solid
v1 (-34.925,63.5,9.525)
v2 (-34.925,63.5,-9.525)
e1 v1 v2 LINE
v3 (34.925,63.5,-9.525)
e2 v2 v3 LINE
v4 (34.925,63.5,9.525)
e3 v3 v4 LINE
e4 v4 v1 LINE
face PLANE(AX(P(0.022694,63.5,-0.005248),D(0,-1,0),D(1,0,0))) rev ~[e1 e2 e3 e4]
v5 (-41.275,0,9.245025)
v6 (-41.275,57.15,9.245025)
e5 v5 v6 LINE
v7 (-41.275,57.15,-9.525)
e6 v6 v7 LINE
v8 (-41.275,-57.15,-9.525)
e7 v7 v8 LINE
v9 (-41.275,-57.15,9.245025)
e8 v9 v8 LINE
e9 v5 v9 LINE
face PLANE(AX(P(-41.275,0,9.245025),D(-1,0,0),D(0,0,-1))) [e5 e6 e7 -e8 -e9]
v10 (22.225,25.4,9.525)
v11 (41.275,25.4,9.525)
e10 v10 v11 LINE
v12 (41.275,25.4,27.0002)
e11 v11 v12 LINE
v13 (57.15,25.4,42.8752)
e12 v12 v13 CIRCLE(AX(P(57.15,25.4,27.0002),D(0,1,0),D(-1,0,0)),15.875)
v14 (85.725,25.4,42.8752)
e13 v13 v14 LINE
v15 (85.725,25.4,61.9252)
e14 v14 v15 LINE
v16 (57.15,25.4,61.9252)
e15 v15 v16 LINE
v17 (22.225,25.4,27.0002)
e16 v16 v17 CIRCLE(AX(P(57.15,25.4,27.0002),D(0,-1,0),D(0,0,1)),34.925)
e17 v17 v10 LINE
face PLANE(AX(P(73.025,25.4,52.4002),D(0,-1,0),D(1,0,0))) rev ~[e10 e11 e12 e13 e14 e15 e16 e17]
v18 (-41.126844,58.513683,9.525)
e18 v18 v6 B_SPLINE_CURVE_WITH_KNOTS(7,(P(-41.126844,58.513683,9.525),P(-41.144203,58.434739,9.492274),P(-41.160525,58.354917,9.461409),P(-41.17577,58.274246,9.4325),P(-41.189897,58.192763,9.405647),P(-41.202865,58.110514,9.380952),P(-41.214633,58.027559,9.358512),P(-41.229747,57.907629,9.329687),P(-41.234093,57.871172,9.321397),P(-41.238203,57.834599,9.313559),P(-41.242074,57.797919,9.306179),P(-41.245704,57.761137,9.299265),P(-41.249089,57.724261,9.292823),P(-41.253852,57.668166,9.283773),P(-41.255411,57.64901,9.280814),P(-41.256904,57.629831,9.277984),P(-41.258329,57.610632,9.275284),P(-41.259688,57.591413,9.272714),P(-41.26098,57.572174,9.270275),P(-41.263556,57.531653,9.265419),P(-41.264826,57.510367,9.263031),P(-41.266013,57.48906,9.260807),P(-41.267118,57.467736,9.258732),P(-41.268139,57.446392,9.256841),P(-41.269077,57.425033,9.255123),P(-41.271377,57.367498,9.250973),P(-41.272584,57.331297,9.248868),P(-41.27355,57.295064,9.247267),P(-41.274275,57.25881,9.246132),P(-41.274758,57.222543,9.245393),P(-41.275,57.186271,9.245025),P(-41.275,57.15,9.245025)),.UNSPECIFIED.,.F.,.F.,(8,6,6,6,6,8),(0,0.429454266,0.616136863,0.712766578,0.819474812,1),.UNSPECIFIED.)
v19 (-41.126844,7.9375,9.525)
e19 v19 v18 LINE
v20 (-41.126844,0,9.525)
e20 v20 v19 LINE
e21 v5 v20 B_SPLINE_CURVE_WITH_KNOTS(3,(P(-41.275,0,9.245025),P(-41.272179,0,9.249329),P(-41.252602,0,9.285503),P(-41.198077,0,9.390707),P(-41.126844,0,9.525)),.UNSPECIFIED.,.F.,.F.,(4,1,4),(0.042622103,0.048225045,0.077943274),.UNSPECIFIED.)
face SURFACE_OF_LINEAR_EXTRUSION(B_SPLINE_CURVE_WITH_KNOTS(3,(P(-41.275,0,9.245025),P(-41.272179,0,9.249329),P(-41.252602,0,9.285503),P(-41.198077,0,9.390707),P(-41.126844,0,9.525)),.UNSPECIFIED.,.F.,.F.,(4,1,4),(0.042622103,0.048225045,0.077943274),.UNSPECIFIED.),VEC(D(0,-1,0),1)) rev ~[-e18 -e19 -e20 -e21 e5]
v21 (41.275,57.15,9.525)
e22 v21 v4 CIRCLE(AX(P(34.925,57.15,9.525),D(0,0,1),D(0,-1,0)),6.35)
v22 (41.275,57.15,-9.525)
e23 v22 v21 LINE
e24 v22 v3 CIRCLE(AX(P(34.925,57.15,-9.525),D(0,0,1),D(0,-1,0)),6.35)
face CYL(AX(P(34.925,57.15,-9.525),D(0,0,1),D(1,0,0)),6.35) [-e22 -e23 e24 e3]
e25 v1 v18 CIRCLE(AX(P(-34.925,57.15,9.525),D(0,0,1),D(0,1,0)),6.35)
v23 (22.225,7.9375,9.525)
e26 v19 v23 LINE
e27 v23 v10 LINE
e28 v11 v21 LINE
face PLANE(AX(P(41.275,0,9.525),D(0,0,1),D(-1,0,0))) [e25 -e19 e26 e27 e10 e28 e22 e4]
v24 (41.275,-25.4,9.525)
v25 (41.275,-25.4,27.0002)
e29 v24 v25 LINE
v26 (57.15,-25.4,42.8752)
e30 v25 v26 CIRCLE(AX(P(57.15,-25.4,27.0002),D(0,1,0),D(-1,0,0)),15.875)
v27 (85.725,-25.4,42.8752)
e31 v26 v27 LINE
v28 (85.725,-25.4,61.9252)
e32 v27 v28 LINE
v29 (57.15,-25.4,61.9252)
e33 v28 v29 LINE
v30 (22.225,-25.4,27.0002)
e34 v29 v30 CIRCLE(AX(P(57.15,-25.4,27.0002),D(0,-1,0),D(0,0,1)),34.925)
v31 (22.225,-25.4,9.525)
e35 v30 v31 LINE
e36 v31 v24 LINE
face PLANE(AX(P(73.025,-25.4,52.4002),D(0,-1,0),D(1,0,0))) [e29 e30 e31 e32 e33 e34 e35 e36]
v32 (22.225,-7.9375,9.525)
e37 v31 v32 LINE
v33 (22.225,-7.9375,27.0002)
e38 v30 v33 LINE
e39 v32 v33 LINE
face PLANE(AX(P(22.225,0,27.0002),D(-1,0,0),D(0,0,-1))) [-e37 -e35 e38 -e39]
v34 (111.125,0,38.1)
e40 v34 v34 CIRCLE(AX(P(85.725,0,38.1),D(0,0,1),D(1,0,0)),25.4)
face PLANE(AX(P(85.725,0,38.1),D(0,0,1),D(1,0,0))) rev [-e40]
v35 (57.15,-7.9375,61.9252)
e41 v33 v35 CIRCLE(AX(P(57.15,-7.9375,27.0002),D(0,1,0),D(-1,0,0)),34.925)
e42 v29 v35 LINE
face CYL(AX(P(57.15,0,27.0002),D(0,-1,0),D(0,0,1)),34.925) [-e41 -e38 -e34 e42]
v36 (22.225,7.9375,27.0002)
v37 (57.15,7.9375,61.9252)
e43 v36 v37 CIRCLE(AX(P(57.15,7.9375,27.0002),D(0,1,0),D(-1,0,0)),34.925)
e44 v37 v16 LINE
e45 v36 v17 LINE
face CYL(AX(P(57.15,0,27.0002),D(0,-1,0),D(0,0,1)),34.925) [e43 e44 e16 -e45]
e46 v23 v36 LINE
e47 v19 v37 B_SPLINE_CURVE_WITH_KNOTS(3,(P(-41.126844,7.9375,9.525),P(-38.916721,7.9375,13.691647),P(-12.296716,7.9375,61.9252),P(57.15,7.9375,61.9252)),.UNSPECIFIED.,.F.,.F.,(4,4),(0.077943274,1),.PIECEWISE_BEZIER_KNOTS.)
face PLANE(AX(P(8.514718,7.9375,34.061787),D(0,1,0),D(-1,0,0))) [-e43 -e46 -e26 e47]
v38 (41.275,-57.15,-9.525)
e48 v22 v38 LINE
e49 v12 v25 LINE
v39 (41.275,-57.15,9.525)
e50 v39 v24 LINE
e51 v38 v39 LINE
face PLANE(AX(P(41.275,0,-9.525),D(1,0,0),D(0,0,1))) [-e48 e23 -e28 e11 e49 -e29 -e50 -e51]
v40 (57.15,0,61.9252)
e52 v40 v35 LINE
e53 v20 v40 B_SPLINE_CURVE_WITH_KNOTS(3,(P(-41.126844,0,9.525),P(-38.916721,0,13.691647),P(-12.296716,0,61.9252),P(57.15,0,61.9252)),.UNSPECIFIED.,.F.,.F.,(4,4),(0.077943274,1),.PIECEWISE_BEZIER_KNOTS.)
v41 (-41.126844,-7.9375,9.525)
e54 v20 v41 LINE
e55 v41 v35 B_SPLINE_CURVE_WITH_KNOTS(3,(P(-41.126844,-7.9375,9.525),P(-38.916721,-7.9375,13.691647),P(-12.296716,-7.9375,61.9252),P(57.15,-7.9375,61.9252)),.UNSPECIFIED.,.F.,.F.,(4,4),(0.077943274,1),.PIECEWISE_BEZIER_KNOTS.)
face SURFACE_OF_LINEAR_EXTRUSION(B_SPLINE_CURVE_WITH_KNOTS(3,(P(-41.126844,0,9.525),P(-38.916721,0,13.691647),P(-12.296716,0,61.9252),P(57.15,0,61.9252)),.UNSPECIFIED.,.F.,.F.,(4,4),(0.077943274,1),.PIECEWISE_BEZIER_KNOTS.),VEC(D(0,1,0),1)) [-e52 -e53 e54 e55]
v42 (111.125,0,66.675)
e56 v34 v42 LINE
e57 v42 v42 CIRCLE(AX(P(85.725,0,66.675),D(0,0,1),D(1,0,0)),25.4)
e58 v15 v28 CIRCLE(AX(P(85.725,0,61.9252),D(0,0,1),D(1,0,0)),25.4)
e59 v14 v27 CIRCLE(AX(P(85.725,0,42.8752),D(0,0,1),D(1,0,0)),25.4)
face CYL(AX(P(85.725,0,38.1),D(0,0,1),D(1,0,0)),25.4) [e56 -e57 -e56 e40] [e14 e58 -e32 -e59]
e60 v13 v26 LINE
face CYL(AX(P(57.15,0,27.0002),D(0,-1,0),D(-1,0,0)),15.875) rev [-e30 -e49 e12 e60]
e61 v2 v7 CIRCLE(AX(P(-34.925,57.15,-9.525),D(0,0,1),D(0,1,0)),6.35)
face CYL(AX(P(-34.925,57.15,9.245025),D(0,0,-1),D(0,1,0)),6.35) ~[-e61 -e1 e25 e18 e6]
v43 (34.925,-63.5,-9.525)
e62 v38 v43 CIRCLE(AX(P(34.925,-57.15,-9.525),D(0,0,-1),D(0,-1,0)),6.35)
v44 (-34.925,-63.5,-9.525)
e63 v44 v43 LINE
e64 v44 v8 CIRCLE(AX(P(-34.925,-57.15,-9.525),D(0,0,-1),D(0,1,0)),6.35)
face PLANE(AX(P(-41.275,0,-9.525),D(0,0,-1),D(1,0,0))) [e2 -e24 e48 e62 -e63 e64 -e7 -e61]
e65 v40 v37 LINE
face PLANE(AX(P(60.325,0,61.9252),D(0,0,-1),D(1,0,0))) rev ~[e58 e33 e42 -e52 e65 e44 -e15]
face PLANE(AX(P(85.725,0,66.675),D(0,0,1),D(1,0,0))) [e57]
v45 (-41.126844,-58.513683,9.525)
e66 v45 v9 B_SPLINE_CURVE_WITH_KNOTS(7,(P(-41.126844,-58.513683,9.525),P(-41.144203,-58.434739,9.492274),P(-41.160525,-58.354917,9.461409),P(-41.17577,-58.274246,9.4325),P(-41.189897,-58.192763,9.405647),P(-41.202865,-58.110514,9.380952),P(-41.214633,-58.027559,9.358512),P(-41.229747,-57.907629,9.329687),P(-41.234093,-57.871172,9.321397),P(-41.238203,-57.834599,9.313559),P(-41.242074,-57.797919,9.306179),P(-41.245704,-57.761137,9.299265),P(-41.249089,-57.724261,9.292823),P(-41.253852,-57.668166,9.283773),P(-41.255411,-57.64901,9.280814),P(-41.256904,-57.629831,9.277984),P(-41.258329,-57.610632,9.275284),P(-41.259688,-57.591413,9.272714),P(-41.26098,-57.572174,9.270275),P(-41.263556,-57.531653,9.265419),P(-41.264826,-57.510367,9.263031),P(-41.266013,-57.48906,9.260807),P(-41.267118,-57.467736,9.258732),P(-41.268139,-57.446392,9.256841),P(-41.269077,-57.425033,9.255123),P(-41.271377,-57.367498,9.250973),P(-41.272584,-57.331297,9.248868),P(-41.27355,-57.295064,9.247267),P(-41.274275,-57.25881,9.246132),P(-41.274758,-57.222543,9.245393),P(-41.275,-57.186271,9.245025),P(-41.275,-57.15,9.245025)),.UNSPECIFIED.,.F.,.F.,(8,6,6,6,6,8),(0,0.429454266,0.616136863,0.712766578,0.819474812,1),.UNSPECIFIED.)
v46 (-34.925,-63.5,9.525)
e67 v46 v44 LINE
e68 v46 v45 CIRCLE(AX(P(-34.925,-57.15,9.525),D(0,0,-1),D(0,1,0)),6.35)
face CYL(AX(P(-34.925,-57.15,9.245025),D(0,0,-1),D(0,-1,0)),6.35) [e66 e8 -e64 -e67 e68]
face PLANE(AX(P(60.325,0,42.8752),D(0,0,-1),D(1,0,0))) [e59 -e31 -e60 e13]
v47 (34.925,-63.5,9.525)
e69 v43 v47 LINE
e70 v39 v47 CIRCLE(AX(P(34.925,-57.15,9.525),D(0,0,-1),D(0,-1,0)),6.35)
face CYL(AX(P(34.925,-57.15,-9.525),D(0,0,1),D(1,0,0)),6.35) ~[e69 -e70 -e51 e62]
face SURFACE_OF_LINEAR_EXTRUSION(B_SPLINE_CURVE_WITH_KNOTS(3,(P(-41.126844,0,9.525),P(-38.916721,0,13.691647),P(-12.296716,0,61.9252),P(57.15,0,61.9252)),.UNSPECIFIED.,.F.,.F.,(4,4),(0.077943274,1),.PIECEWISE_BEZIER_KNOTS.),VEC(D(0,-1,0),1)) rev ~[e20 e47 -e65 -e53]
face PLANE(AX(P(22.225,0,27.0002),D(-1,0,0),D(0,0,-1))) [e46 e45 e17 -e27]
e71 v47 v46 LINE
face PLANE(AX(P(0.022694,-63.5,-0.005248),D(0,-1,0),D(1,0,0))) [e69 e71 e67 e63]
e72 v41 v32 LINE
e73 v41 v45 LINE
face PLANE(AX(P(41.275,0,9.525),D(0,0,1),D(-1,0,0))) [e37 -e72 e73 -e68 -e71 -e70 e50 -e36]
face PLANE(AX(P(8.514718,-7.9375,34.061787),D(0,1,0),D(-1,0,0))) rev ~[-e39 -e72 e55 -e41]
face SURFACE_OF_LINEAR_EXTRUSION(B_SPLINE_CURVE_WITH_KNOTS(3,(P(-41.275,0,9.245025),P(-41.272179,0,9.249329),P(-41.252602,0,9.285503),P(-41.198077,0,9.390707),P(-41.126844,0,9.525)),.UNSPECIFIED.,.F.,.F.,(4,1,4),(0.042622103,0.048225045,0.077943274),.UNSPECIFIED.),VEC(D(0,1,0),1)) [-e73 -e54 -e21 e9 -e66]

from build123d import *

# Parameters (mm, degrees)
F1_DEPTH = 63.5
F2_DEPTH = 25.4
F3_DEPTH = 7.9375
F0_W     = 25.4
F0_H     = 19.05
F4_DEPTH = 25.4
F6_R     = 6.35


with BuildPart() as f1:
    # F0 (on Front) → F1 (new body, symmetric)
    with BuildSketch(Plane.XZ):
        with BuildLine():
            Line((-41.275, 9.2450247044), (-41.275, -9.525))
            Line((-41.275, -9.525), (41.275, -9.525))
            Line((41.275, -9.525), (41.275, 9.525))
            Line((41.275, 9.525), (22.225, 9.525))
            Line((22.225, 9.525), (-41.1268438883, 9.525))
            add(Edge.make_bspline(
                [(-41.275, 9.2450247044), (-41.2721793897, 9.2493286898), (-41.2526024622, 9.2855029924), (-41.1980769813, 9.3907074254), (-41.1268438883, 9.525)],
                knots=[0.0426221028, 0.0426221028, 0.0426221028, 0.0426221028, 0.0482250452, 0.0779432741, 0.0779432741, 0.0779432741, 0.0779432741], degree=3))
        make_face()
    extrude(amount=F1_DEPTH, both=True)

    # F0 (on Front) → F2 (join, symmetric)
    with BuildSketch(Plane.XZ):
        with BuildLine():
            Line((22.225, 9.525), (41.275, 9.525))
            Line((41.275, 9.525), (41.275, 27.0002))
            ThreePointArc((41.275, 27.0002), (45.9246798487, 38.2255201513), (57.15, 42.8752))
            Line((57.15, 42.8752), (60.325, 42.8752))
            Line((60.325, 42.8752), (60.325, 61.9252))
            Line((60.325, 61.9252), (57.15, 61.9252))
            ThreePointArc((57.15, 61.9252), (32.4542956671, 51.6959043329), (22.225, 27.0002))
            Line((22.225, 27.0002), (22.225, 9.525))
        make_face()
    extrude(amount=F2_DEPTH, both=True)

    # F0 (on Front) → F3 (join, symmetric)
    with BuildSketch(Plane.XZ):
        with BuildLine():
            add(Edge.make_bspline(
                [(-41.1268438883, 9.525), (-38.9167205077, 13.6916470796), (-12.2967160163, 61.9252), (57.15, 61.9252)],
                knots=[0.0779432741, 0.0779432741, 0.0779432741, 0.0779432741, 1, 1, 1, 1], degree=3))
            Line((-41.1268438883, 9.525), (22.225, 9.525))
            Line((22.225, 9.525), (22.225, 27.0002))
            ThreePointArc((22.225, 27.0002), (32.4542956671, 51.6959043329), (57.15, 61.9252))
        make_face()
    extrude(amount=F3_DEPTH, both=True)

    # F0 (on Front) → F4 (join, symmetric)
    with BuildSketch(Plane.XZ):
        with Locations((73.025, 52.4002)):
            Rectangle(F0_W, F0_H)
    extrude(amount=F4_DEPTH, both=True)

    # F0 (on Front) → F5 (revolve)
    with BuildSketch(Plane.XZ):
        Polygon((85.725, 66.675), (85.725, 61.9252), (85.725, 42.8752), (85.725, 38.1), (111.125, 38.1), (111.125, 66.675), align=None)
    revolve(axis=Axis((85.725, 0, 52.3875), (0, 0, 1)))

    # F6
    f6_edges = [f1.edges().sort_by_distance(p)[0] for p in [
        (41.275, -63.5, 0),
        (-41.275, -63.5, -0.139988),
        (-41.275, 63.5, -0.139988),
        (41.275, 63.5, 0),
    ]]
    fillet(f6_edges, radius=F6_R)


solid = f1.part
